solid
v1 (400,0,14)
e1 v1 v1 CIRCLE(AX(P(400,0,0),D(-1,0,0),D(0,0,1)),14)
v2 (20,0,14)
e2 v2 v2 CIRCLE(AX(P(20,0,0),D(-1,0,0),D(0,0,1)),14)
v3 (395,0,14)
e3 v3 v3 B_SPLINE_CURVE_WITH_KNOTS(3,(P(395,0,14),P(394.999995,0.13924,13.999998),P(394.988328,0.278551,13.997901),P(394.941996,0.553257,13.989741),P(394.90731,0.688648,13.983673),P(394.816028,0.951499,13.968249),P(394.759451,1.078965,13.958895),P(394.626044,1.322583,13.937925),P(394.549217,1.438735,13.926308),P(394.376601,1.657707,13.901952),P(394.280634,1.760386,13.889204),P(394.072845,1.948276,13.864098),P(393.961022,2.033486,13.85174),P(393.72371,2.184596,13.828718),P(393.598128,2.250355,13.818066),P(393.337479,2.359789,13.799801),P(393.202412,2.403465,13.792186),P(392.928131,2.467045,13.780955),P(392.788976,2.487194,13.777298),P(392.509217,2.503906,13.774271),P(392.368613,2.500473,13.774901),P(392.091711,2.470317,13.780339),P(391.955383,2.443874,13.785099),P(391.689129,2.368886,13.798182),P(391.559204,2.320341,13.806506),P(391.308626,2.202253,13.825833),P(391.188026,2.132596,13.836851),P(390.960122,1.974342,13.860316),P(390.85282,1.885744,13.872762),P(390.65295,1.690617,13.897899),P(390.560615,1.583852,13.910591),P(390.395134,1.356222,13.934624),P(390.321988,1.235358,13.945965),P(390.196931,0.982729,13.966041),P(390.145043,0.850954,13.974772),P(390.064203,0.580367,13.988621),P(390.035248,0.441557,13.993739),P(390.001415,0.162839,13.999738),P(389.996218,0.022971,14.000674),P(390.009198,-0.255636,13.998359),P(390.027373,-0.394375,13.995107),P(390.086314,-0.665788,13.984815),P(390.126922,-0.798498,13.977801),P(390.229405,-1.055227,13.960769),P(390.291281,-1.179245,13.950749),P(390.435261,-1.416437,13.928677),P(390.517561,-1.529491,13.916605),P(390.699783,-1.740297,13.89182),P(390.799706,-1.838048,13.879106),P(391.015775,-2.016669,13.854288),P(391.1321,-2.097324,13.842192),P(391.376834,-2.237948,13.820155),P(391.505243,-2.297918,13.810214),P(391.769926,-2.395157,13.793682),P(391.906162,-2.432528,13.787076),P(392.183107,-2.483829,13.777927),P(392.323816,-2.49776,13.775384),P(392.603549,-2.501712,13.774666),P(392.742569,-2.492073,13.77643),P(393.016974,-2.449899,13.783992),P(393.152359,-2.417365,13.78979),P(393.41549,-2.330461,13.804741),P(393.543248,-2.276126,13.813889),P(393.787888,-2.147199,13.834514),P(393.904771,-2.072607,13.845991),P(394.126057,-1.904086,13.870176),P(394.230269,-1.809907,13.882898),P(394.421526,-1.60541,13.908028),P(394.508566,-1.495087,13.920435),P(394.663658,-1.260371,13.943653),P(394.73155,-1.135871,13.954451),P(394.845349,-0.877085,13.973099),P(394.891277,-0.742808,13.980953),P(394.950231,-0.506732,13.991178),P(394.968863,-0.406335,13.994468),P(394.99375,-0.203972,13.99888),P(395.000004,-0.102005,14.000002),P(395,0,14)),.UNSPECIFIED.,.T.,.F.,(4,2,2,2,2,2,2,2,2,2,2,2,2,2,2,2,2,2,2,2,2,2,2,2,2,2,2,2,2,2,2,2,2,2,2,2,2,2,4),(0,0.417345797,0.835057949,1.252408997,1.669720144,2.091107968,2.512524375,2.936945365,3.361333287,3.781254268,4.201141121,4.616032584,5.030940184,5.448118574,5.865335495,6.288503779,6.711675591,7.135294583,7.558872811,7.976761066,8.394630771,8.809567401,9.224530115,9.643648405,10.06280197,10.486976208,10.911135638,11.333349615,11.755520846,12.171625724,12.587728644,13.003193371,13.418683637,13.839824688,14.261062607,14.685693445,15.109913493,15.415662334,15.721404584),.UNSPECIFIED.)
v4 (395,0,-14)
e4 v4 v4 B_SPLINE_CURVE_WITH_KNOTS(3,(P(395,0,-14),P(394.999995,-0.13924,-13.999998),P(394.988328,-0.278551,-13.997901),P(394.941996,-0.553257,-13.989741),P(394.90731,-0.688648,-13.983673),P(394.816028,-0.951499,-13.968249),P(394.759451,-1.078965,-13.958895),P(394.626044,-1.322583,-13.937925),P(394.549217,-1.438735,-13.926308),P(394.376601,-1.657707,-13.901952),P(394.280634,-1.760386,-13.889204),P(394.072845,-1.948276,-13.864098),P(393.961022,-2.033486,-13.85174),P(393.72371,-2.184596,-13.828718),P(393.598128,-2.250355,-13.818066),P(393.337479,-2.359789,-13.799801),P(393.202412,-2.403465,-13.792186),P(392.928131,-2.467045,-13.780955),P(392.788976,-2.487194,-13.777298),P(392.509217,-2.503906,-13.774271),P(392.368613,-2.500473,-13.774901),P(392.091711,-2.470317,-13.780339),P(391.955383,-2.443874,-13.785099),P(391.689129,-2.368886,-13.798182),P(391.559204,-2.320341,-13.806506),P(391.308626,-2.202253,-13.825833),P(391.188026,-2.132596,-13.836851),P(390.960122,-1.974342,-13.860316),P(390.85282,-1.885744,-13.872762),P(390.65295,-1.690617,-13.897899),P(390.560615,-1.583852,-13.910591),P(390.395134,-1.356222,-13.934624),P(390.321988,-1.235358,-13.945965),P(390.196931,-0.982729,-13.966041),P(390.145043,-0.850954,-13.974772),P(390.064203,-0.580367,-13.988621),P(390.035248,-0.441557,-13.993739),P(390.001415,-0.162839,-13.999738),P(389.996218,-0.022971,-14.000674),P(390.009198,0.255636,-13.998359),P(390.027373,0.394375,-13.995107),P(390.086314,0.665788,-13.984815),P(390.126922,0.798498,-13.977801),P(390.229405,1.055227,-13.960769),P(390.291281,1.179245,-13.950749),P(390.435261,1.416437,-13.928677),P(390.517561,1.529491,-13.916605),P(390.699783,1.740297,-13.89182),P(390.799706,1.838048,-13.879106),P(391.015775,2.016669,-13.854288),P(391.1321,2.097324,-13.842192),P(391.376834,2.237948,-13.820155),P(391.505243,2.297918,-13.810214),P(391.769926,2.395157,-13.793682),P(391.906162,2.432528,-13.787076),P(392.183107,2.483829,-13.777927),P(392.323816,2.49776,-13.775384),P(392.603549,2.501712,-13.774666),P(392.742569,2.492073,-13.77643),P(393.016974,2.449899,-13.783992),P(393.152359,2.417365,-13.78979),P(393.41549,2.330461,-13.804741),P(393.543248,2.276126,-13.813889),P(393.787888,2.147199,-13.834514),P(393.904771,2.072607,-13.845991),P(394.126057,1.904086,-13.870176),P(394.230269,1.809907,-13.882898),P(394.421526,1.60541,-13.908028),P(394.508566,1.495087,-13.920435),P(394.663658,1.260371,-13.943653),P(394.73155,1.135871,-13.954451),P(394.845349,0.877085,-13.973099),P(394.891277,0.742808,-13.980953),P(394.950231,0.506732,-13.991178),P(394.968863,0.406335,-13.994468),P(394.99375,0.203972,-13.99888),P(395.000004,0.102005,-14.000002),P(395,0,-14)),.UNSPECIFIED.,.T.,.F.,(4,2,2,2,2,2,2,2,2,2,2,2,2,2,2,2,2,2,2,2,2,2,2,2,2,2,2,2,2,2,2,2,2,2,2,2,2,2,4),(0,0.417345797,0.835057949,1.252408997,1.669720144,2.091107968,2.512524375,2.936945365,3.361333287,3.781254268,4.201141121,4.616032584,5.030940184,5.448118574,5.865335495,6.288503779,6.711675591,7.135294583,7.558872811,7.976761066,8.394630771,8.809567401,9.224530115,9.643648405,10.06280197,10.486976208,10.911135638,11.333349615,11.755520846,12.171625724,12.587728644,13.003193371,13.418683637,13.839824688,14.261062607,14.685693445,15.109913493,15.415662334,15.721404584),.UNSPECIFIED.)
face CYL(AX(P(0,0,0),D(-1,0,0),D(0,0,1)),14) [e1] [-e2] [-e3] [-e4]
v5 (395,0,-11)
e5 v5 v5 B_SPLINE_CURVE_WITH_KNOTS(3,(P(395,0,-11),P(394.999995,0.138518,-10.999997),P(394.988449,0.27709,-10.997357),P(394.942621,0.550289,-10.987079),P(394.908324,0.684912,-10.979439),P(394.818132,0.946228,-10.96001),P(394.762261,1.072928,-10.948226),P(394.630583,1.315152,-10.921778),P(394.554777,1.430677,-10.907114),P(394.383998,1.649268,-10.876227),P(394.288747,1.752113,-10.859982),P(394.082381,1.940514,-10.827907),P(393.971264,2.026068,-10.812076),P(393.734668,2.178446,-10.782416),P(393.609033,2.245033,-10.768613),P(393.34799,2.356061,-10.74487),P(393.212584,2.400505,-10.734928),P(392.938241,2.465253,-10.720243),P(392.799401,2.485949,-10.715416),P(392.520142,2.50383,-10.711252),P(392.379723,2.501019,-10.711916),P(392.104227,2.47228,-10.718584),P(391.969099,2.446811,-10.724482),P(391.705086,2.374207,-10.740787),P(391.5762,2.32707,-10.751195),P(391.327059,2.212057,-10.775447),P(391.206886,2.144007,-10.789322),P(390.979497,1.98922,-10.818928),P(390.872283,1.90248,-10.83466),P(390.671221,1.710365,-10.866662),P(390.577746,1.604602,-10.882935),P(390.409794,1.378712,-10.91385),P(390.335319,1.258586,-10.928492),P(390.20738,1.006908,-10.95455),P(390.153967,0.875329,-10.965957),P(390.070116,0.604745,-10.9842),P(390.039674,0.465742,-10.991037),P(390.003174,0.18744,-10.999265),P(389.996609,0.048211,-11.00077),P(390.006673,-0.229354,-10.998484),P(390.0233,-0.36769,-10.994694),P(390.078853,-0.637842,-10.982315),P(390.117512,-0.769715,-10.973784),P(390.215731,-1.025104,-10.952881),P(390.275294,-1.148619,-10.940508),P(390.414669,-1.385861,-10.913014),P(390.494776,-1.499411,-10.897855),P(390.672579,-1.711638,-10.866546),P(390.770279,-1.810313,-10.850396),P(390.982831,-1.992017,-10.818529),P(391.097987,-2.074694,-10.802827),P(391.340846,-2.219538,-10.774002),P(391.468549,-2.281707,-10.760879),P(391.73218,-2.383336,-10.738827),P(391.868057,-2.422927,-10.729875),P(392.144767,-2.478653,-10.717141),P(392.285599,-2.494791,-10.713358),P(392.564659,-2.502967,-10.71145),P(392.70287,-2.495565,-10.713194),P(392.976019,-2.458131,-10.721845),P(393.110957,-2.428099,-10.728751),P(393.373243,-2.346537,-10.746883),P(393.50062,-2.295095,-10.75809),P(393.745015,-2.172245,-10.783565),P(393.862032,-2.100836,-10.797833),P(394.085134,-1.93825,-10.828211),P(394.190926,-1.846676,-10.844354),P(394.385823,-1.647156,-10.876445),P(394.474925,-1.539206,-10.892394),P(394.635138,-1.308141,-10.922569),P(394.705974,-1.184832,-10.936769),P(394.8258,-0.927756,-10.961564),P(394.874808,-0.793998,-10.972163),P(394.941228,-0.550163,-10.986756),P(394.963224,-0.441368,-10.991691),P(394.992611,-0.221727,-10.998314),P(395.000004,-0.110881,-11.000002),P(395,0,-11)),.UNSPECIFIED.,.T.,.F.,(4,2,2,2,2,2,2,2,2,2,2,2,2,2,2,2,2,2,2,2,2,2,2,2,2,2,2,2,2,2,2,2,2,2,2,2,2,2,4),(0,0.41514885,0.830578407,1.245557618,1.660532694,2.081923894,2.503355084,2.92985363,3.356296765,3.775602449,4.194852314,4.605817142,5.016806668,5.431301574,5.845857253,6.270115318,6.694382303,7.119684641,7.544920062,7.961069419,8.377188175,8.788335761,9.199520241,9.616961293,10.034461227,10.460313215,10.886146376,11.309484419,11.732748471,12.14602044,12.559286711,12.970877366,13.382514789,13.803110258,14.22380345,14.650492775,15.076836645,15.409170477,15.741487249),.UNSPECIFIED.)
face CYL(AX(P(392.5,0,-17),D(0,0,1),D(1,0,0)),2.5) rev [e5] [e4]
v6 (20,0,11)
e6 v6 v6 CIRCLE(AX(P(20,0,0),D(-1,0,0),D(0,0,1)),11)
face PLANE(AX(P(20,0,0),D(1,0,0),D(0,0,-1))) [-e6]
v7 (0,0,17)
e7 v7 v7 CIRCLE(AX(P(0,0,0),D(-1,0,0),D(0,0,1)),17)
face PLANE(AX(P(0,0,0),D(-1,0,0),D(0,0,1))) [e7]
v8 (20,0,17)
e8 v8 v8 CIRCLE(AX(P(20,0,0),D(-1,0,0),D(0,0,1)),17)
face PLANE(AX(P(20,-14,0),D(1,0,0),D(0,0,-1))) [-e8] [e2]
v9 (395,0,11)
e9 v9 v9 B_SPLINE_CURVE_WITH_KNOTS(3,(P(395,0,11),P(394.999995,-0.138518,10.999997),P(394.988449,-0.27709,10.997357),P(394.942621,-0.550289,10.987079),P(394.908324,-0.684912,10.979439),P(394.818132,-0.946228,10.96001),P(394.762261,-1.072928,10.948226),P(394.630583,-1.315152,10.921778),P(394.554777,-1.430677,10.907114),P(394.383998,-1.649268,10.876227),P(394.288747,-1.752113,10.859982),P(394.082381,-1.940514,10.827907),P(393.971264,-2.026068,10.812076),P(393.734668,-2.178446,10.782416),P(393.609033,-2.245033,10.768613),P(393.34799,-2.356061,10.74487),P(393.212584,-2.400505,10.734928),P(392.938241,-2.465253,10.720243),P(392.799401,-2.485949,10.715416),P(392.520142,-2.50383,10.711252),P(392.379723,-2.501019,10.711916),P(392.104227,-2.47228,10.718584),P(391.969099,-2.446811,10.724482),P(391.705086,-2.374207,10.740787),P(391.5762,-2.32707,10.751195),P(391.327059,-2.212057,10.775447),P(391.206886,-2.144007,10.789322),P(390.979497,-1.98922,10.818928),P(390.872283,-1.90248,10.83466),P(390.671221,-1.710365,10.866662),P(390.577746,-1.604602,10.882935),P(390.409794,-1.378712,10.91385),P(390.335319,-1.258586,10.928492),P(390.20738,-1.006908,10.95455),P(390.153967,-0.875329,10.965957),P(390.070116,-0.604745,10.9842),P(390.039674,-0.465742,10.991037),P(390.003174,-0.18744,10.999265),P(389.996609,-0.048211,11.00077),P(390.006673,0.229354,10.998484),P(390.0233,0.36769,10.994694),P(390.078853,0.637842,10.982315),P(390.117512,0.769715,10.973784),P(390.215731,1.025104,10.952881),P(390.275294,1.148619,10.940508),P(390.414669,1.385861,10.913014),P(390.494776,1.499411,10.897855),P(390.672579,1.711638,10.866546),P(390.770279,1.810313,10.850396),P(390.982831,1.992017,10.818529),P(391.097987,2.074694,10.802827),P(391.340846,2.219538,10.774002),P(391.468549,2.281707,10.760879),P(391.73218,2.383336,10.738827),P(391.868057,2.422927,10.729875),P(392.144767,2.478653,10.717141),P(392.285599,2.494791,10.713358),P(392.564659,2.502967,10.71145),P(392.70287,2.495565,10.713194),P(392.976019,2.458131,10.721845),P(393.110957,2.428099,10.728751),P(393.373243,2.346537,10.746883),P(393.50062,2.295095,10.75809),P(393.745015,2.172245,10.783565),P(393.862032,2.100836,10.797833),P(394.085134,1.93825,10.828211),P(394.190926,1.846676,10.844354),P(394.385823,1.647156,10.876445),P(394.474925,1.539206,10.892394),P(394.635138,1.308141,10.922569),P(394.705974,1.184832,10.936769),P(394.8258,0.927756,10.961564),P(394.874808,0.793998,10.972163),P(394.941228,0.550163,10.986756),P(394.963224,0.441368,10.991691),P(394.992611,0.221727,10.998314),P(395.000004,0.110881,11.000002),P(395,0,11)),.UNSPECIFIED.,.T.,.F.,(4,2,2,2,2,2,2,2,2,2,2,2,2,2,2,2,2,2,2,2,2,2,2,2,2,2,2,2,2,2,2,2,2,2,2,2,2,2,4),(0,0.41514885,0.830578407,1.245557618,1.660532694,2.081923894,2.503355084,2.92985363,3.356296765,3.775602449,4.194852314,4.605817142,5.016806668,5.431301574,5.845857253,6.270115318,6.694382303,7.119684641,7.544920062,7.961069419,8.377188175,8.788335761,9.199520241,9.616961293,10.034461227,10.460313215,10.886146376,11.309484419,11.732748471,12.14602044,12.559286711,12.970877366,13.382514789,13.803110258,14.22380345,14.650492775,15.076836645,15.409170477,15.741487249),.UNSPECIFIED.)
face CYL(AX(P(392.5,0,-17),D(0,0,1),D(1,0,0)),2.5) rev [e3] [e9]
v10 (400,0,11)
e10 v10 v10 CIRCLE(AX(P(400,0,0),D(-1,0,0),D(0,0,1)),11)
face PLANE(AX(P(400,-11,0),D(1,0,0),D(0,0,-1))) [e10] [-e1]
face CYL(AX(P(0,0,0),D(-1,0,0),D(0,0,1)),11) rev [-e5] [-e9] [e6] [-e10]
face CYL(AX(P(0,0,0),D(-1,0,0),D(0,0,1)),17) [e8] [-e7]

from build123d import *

# Parameters (mm, degrees)
SKETCH2_R               = 2.5
CUT_EXTRUDE1_DEPTH      = 18
CUT_EXTRUDE1_DEPTH_BACK = 18


with BuildPart() as part:
    # Sketch1 → Revolve1 (revolve)
    with BuildSketch(Plane.XY):
        Polygon((0, 0), (20, 0), (20, -11), (400, -11), (400, -14), (20, -14), (20, -17), (0, -17), align=None)
    revolve(axis=Axis((0, 0, 0), (1, 0, 0)))

    # Sketch2 → Cut-Extrude1 (cut, two sides)
    with BuildSketch(Plane.XY) as cut_extrude1_sk:
        with Locations((392.5, 0)):
            Circle(SKETCH2_R)
    extrude(amount=CUT_EXTRUDE1_DEPTH, mode=Mode.SUBTRACT)
    extrude(cut_extrude1_sk.sketch, amount=-CUT_EXTRUDE1_DEPTH_BACK, mode=Mode.SUBTRACT)


solid = part.part
